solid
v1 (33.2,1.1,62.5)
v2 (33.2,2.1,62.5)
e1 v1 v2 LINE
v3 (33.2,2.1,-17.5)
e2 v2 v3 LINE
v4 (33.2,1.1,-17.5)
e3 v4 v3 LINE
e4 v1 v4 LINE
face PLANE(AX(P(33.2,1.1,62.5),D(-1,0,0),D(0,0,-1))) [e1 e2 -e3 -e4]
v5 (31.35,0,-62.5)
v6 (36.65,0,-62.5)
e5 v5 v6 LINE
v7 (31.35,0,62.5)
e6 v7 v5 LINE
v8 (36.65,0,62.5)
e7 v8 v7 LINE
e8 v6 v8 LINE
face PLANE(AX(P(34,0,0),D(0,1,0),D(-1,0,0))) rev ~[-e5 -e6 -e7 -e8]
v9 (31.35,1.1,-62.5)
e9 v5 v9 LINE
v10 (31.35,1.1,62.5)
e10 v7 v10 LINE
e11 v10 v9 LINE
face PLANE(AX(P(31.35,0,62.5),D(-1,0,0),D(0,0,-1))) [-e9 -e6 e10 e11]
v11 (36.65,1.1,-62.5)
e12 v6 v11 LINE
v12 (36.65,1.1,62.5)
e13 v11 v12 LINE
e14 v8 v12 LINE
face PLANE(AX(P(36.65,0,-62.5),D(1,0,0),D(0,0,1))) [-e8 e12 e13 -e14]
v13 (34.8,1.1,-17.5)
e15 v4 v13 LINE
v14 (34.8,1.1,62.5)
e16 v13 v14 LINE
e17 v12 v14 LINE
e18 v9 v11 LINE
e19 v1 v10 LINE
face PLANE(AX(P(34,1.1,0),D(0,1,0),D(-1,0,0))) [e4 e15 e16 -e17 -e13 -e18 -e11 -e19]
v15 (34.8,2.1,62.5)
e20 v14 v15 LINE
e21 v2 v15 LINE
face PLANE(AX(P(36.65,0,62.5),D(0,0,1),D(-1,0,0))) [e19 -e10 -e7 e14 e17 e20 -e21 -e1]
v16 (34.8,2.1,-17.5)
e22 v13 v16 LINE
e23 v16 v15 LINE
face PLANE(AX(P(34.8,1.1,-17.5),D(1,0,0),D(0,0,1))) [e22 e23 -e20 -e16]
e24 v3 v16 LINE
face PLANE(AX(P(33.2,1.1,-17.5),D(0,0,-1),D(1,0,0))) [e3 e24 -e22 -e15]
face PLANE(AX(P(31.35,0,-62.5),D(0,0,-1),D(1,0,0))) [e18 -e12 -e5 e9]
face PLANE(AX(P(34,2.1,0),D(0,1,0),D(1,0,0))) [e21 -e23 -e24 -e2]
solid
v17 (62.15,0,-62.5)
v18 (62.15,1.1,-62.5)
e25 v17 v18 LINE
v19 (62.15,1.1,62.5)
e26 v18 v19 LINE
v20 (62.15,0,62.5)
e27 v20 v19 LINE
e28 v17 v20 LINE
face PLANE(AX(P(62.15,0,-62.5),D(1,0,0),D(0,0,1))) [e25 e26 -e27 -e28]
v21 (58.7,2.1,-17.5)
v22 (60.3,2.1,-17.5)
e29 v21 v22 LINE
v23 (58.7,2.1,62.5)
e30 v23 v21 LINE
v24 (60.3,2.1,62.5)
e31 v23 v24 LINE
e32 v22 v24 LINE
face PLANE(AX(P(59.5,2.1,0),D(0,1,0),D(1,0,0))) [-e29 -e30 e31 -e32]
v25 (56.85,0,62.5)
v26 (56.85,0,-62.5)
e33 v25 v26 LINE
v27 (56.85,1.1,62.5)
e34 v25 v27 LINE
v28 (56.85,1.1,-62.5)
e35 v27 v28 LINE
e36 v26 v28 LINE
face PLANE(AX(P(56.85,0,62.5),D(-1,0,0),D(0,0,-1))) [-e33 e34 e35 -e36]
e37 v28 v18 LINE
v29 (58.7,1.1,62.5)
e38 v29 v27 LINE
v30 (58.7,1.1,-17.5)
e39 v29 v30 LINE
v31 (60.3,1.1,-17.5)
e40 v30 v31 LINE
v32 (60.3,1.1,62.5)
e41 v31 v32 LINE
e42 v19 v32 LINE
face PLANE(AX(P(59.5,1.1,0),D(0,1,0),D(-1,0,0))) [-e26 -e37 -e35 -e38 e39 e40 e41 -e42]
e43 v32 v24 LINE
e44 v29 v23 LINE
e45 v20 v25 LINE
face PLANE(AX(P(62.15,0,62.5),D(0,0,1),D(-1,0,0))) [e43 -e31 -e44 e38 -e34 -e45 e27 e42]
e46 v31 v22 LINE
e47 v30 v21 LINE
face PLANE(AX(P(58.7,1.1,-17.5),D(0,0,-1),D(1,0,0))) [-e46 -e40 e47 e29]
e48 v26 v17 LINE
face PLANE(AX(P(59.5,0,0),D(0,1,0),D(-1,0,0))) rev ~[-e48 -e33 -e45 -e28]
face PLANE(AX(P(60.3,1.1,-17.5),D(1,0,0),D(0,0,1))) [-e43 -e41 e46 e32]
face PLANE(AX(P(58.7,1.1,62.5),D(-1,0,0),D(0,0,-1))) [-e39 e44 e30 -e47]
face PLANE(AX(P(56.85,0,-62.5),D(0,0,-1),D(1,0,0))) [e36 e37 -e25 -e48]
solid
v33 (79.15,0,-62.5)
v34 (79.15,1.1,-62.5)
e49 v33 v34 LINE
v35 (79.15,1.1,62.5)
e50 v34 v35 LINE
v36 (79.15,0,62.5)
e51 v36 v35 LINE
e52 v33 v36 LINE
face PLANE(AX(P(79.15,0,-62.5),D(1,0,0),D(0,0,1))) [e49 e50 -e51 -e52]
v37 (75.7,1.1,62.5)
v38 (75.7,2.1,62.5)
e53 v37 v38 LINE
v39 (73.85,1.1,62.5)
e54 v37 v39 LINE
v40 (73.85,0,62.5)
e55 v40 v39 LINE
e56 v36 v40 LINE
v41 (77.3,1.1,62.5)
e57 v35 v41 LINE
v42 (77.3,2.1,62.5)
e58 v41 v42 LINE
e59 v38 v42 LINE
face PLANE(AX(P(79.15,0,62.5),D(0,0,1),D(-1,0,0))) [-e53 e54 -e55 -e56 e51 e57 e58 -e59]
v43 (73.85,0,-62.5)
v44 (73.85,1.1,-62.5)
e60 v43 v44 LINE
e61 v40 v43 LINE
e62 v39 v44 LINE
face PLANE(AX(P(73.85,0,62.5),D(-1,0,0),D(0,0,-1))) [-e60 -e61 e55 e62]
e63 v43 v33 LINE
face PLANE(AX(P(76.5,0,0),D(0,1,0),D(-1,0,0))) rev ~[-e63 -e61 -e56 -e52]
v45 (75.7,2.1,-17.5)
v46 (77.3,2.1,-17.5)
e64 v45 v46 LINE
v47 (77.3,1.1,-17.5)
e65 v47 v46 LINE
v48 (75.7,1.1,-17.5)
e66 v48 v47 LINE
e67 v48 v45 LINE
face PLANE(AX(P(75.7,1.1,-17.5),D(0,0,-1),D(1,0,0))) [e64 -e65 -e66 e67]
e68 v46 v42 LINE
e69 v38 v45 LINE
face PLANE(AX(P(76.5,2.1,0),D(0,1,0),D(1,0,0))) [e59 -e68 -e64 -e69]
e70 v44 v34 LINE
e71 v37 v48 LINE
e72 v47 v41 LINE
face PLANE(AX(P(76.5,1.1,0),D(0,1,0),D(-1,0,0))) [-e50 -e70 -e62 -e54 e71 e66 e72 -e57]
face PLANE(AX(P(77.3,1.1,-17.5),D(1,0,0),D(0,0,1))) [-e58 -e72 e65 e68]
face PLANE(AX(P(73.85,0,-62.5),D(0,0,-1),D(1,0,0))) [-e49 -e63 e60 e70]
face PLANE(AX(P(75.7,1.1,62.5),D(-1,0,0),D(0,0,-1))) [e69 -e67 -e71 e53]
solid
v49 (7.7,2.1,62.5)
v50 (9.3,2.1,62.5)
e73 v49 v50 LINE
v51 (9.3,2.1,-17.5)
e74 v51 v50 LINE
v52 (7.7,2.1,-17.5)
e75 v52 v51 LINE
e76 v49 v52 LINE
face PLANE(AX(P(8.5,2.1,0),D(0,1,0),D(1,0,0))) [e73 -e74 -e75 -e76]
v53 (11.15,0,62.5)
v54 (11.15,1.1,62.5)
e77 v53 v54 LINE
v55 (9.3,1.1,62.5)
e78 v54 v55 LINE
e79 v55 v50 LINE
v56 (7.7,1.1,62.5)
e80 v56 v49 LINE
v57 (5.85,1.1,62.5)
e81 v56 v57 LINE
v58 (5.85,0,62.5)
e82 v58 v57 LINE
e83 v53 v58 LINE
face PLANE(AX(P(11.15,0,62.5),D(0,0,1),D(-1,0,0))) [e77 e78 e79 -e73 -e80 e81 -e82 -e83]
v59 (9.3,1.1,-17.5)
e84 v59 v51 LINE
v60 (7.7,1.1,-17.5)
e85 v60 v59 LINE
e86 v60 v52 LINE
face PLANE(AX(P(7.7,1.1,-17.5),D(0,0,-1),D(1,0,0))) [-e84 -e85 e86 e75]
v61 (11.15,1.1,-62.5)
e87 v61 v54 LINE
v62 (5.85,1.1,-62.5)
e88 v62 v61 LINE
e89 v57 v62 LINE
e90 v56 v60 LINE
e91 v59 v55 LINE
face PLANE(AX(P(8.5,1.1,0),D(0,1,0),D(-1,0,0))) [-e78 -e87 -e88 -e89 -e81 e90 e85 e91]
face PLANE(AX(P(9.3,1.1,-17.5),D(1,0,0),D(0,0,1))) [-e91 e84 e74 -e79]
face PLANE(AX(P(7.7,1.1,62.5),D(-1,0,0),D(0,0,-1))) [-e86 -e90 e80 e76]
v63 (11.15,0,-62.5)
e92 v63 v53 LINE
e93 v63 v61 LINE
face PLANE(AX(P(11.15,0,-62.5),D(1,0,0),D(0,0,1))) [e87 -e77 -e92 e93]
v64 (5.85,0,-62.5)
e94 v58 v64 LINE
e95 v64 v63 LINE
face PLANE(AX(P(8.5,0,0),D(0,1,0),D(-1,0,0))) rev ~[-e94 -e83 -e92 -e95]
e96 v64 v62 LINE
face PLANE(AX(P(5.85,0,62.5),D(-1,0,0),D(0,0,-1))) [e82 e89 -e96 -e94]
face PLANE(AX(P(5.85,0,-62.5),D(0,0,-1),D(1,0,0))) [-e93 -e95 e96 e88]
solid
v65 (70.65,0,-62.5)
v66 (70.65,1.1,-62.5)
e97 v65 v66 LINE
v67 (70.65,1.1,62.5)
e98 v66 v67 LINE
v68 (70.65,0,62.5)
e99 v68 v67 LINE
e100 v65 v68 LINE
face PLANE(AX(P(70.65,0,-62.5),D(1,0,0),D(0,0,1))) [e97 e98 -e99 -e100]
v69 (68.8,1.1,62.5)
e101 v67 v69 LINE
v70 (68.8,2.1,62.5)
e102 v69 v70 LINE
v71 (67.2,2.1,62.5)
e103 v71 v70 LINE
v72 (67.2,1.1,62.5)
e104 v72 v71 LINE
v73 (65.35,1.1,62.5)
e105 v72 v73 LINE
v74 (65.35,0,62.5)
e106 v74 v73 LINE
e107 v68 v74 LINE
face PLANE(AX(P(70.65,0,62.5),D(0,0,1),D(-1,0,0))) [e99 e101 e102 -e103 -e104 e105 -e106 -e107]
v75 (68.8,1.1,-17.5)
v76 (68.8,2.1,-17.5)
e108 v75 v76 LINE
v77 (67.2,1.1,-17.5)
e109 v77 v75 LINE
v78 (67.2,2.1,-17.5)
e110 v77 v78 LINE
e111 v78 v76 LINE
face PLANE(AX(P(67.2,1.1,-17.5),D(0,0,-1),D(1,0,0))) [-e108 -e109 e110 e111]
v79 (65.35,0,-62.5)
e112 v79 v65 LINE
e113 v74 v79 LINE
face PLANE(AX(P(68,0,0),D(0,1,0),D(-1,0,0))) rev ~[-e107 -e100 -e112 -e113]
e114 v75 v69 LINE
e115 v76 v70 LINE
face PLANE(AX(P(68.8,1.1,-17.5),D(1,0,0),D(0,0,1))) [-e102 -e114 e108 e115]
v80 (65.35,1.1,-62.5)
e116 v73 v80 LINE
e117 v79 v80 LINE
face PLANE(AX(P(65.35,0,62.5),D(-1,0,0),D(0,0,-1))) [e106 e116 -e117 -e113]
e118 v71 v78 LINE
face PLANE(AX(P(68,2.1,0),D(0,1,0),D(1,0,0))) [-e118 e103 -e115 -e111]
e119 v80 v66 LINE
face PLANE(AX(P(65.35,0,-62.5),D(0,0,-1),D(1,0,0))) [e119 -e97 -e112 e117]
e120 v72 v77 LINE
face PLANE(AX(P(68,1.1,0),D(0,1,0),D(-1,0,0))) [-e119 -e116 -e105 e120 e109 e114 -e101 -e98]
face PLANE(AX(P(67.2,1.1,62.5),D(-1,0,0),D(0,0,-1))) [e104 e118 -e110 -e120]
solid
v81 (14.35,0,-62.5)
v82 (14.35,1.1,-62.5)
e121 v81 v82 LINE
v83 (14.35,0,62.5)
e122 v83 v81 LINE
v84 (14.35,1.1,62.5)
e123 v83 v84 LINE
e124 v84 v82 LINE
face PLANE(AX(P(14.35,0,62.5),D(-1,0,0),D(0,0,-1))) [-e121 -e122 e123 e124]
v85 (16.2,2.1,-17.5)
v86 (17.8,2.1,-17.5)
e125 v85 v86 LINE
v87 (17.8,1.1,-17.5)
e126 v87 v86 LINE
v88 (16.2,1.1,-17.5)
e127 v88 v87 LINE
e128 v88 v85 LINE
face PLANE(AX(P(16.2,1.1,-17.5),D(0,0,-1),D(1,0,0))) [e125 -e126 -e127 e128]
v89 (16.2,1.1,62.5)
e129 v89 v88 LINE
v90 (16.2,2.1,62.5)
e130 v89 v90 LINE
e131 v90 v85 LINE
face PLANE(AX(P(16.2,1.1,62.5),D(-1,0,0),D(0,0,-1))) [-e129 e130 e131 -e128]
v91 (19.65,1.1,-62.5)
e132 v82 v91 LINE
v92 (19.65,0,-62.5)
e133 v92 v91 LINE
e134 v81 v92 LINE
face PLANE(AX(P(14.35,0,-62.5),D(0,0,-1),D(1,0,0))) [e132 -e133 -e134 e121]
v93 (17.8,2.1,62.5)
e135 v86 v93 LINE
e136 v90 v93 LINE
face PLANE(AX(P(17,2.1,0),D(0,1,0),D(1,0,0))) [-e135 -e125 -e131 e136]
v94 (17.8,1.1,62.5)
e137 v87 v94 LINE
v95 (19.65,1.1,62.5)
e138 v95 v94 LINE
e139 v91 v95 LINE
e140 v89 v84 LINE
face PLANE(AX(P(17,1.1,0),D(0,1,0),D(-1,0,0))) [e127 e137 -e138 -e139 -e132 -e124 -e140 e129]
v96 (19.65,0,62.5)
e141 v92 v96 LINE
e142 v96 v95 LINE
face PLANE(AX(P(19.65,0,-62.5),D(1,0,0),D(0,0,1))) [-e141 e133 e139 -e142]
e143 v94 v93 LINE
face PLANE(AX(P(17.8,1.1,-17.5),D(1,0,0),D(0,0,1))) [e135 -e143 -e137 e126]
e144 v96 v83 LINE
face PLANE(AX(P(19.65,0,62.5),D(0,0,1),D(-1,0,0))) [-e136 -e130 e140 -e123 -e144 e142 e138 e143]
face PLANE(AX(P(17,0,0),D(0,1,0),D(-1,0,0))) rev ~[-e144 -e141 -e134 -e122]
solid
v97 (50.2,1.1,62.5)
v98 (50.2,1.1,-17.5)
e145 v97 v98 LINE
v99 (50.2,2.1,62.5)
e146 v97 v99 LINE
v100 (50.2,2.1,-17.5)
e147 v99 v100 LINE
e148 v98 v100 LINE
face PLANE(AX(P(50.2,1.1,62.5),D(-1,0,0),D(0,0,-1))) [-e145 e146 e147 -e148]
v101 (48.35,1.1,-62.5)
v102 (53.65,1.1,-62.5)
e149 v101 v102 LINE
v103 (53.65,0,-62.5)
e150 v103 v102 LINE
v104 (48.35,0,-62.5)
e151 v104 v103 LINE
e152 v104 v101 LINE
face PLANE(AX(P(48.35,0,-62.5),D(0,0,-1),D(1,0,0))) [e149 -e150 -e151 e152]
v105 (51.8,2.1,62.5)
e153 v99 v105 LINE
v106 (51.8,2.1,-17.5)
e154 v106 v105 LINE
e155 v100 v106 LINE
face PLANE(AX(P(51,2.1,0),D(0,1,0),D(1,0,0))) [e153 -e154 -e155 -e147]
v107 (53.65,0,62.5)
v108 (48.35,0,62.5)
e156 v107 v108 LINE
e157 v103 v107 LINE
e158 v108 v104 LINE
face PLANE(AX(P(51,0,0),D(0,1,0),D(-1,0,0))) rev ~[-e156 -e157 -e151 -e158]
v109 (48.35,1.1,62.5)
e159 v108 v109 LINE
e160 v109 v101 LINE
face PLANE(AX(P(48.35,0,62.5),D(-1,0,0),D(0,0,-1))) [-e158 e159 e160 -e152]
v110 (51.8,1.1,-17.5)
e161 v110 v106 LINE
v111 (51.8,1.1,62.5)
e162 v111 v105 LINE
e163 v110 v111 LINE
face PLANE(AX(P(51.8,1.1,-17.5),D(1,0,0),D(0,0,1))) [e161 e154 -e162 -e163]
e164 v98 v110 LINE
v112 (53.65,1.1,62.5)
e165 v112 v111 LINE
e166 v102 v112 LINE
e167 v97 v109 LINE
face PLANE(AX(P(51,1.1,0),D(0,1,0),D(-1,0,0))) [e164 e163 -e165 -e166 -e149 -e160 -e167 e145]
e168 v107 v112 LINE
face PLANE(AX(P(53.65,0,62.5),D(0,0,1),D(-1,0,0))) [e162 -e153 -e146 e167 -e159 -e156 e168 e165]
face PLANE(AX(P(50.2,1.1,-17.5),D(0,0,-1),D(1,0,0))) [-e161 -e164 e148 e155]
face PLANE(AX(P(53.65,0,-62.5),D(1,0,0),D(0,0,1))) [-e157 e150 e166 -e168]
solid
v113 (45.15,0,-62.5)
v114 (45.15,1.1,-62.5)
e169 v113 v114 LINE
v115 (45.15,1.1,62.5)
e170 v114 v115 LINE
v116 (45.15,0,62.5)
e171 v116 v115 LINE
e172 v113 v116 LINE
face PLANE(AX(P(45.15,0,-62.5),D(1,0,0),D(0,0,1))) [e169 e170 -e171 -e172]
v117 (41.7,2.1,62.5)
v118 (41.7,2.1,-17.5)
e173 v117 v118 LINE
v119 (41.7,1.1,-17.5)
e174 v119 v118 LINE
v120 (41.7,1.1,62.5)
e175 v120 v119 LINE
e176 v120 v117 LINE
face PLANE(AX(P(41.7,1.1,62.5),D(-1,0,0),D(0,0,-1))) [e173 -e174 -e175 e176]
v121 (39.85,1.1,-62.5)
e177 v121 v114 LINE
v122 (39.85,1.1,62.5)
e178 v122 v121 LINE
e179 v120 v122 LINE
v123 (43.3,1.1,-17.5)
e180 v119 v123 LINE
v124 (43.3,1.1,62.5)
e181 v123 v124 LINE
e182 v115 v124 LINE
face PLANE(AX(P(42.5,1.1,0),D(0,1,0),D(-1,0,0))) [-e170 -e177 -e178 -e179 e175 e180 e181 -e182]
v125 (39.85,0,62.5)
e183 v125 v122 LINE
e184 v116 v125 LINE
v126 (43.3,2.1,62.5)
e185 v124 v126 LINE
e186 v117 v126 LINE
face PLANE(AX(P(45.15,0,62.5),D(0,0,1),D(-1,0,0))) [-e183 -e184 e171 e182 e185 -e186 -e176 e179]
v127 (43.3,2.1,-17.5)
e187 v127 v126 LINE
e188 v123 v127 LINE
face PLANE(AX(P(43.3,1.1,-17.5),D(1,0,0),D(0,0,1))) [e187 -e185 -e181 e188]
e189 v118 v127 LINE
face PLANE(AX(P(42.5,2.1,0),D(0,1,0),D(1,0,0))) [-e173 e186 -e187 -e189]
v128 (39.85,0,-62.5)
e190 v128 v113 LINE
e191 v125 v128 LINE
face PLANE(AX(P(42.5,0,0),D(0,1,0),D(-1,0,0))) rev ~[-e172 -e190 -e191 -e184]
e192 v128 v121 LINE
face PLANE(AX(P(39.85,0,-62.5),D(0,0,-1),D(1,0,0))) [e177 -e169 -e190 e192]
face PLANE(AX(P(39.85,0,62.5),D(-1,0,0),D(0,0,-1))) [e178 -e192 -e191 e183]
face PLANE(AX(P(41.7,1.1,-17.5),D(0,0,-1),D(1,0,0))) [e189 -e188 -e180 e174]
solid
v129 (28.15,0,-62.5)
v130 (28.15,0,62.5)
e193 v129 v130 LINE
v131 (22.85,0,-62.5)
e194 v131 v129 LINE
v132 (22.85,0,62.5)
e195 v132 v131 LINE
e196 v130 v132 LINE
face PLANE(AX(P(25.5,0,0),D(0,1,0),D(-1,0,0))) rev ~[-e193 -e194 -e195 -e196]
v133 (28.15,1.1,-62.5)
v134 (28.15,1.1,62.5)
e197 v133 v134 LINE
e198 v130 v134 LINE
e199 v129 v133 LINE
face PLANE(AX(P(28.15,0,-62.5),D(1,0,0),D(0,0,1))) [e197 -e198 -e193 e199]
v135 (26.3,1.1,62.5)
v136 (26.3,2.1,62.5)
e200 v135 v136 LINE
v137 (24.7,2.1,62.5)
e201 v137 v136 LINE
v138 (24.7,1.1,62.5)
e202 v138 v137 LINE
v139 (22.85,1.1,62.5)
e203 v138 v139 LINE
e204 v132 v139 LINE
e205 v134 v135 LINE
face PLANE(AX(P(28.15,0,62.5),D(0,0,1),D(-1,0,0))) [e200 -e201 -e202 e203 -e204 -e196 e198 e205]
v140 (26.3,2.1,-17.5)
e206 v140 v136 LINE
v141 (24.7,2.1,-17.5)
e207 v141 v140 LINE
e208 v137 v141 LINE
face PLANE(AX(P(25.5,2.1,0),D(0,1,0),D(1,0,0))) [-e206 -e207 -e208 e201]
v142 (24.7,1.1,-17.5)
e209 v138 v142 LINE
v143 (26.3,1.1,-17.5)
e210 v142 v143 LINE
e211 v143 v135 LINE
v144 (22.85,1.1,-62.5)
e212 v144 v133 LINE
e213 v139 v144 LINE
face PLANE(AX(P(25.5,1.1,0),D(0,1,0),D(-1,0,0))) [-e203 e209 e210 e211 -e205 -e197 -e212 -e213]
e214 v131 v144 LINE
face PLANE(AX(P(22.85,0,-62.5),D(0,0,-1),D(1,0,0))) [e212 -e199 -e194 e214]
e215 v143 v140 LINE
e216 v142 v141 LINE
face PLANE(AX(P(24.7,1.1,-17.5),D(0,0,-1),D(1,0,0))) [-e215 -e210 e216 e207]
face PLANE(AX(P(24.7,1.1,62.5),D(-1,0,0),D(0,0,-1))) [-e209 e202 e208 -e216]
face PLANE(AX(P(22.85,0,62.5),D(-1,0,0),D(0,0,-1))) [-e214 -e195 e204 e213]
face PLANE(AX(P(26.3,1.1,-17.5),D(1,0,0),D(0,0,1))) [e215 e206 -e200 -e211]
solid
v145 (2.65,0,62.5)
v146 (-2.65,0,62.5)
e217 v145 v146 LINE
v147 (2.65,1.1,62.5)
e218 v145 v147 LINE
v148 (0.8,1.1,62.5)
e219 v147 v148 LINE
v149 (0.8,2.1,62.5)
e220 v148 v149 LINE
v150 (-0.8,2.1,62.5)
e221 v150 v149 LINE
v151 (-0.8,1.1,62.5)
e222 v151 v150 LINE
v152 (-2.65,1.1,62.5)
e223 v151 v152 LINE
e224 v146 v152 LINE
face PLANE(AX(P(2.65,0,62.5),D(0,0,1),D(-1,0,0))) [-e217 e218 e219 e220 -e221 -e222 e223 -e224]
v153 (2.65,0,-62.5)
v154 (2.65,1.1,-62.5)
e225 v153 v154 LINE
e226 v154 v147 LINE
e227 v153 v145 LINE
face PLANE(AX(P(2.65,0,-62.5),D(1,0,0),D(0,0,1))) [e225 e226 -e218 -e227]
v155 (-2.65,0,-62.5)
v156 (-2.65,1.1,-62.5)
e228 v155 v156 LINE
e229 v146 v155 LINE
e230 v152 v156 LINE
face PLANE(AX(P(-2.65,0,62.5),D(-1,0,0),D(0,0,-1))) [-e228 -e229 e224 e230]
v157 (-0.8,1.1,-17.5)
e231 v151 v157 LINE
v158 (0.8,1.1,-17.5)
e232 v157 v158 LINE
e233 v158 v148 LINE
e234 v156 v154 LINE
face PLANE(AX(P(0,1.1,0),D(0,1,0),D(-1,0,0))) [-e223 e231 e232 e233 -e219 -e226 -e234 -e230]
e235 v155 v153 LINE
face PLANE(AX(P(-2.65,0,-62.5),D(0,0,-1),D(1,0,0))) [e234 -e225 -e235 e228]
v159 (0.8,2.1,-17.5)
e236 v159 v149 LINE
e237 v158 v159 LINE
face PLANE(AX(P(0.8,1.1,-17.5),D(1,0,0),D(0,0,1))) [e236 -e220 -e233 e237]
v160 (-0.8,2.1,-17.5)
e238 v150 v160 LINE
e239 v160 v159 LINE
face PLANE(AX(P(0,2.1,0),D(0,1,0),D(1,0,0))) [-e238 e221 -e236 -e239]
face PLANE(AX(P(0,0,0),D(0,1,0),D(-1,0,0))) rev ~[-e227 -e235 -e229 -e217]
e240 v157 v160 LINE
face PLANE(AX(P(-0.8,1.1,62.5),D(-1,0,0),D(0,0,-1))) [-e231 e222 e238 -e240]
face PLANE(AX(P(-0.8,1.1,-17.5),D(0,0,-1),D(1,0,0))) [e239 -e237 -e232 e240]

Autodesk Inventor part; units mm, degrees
ref_plane "YZ Plane" through (0, 0, 0) normal (1, 0, 0) x (0, 1, 0)
ref_plane "XZ Plane" through (0, 0, 0) normal (0, 1, 0) x (-1, 0, 0)
ref_plane "XY Plane" through (0, 0, 0) normal (0, 0, 1) x (1, 0, 0)
sketch "Sketch1" plane through (0, 0, 0) normal (0, 1, 0) x (-1, 0, 0)
  line L0 (2.65, -62.5) -> (-2.65, -62.5)
  line L1 (-2.65, -62.5) -> (-2.65, 62.5)
  line L2 (-2.65, 62.5) -> (2.65, 62.5)
  line L3 (2.65, 62.5) -> (2.65, -62.5)
  line L4 (2.65, -62.5) -> (-2.65, 62.5) construction
  line L5 (-2.65, -62.5) -> (2.65, 62.5) construction
  point P0 (0, 0)
  dimension "d0" = 5.3
  dimension "d1" = 125
extrude "Extrusion1" add sketch "Sketch1" along normal blind 1.1
sketch "Sketch2" plane through (0, 1.1, 0) normal (0, 1, 0) x (1, 0, 0)
  line L0 (-2.65, -62.5) -> (2.65, -62.5) projected
  line L1 (0.8, -62.5) -> (-0.8, -62.5)
  line L2 (-0.8, -62.5) -> (-0.8, 17.5)
  line L3 (-0.8, 17.5) -> (0.8, 17.5)
  line L4 (0.8, 17.5) -> (0.8, -62.5)
  line L5 (-2.65, 62.5) -> (-2.65, -62.5) projected
  point P0 (0, 0)
  dimension "d4" = 1.6
  dimension "d5" = 80
  dimension "d6" = 5.3
  dimension "d7" = 1.6
  dimension "d8" = 1.85
extrude "Extrusion2" add sketch "Sketch2" along normal blind 1
pattern_linear "Rectangular Pattern1" count 10 spacing 8.5 along (1, 0, 0) of "Extrusion1", "Extrusion2"
equation "\"d8\" = 0.5 * d6 - 0.5 * d7"
equation "\"base_add\" = 0.6"
properties part number "structure4"
